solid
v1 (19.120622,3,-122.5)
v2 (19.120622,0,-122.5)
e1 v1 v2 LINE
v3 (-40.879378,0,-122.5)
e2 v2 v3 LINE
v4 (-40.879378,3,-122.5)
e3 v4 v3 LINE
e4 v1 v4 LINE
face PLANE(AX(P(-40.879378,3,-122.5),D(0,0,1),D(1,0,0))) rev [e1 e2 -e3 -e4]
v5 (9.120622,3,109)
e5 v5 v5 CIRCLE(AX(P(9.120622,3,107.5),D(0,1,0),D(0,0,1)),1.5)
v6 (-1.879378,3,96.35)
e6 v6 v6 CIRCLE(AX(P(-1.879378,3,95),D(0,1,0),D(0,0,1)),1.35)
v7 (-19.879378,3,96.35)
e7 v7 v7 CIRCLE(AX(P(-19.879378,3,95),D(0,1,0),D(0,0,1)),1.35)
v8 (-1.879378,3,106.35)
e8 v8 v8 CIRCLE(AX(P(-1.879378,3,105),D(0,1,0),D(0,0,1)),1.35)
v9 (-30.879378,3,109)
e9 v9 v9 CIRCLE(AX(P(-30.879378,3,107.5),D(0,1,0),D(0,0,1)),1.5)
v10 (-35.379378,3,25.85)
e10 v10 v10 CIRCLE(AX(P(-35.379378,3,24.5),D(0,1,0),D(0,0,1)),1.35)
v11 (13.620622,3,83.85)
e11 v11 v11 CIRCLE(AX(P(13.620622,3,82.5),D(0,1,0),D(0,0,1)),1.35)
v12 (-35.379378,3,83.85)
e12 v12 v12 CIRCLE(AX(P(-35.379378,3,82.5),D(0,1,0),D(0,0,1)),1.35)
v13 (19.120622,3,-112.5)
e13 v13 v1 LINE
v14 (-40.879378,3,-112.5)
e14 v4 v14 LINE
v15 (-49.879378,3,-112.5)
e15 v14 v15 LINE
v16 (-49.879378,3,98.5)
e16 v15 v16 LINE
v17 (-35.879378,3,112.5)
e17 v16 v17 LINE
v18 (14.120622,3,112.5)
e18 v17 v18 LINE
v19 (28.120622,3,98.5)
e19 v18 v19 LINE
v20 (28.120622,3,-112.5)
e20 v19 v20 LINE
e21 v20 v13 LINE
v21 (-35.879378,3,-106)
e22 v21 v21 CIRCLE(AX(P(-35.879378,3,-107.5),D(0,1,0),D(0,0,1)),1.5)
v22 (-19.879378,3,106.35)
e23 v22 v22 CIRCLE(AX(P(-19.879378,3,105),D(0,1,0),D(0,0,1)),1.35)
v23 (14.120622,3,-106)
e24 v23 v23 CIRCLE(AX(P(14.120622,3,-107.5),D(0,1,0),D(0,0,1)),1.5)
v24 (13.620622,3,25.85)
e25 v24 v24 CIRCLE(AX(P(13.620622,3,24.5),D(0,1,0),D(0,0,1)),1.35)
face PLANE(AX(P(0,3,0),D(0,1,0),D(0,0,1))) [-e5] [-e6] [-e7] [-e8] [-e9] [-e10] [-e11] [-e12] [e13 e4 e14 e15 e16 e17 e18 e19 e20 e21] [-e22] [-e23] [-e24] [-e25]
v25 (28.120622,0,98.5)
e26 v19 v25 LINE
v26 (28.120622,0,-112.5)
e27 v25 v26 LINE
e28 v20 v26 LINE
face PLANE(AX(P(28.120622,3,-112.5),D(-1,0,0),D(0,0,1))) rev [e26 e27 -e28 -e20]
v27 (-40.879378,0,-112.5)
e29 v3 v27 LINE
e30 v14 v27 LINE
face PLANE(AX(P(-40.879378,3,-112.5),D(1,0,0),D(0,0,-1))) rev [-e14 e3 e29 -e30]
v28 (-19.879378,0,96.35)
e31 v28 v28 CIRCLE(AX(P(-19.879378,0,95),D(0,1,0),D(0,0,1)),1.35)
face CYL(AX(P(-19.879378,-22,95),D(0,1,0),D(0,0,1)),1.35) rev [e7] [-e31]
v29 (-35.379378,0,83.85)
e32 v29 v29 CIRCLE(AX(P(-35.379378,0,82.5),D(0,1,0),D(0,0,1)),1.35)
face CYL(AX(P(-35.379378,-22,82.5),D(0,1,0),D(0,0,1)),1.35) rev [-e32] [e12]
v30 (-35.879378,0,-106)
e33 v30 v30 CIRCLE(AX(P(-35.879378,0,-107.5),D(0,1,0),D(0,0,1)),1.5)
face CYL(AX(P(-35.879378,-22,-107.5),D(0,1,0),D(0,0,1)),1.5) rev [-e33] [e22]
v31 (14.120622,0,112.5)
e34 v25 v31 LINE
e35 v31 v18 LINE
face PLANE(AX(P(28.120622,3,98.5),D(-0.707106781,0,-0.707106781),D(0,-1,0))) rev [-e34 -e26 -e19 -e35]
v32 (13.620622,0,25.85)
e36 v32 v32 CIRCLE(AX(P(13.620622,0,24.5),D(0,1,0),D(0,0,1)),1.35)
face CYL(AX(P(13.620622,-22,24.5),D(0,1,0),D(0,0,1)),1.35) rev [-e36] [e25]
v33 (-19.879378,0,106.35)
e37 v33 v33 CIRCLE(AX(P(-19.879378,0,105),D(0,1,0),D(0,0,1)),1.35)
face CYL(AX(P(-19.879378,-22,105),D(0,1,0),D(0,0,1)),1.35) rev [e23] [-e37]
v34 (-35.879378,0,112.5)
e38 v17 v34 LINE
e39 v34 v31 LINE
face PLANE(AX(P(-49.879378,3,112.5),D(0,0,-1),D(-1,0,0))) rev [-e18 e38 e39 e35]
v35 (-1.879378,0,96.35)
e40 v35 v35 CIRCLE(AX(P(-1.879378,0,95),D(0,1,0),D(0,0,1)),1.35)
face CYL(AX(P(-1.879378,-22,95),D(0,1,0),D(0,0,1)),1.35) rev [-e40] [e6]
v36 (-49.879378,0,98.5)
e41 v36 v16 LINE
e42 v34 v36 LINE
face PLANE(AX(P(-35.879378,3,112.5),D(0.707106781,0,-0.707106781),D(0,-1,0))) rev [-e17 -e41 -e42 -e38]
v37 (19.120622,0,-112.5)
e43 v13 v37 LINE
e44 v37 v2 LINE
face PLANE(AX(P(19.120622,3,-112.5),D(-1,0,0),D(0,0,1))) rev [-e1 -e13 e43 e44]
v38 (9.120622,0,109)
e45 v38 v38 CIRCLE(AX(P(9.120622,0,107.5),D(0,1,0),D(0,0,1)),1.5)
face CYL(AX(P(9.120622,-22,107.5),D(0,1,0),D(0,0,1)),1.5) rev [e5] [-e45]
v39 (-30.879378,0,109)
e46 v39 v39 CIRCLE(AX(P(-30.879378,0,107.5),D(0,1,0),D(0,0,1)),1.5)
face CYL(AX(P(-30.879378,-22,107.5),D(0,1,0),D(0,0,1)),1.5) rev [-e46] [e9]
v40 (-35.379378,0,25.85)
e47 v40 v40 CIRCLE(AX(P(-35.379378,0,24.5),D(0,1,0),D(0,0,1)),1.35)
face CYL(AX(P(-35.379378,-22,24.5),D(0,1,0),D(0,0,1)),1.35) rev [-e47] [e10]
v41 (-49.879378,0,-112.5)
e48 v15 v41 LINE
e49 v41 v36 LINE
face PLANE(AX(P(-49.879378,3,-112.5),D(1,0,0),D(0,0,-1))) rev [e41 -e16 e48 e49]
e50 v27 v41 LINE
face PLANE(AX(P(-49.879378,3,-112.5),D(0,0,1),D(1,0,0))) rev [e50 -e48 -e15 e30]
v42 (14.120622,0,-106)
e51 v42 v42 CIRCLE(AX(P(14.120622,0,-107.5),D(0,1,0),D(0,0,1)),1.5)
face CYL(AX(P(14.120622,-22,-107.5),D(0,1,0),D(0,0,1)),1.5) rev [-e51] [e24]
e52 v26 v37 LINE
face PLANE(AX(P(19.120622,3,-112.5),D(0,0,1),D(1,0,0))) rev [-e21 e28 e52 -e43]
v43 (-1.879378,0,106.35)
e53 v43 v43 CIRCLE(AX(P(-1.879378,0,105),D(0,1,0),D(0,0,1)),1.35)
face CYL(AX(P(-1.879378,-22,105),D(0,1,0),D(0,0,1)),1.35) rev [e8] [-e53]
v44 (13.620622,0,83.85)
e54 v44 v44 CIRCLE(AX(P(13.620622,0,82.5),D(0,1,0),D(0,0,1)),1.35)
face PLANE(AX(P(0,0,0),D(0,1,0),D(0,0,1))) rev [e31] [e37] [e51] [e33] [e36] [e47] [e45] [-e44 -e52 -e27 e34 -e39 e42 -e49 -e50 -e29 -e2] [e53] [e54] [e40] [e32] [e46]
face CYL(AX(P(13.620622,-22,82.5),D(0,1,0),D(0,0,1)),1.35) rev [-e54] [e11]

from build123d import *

# Parameters (mm, degrees)
BOSS_EXTRUDE1_DEPTH = 3
SKETCH2_R           = 1.5
SKETCH2_R_2         = 1.35
CUT_EXTRUDE1_DEPTH  = 25
CHAMFER1_SIZE       = 14


with BuildPart() as part:
    # Sketch1 → Boss-Extrude1 (new body)
    with BuildSketch(Plane(origin=(0, 0, 0), x_dir=(1, 0, 0), z_dir=(0, 1, 0))):
        Polygon((19.120621977, 112.5), (28.120621977, 112.5), (28.120621977, -112.5), (-49.879378023, -112.5), (-49.879378023, 112.5), (-40.879378023, 112.5), (-40.879378023, 122.5), (19.120621977, 122.5), align=None)
    extrude(amount=BOSS_EXTRUDE1_DEPTH)

    # Sketch2 → Cut-Extrude1 (cut)
    with BuildSketch(Plane(origin=(0, 3, 0), x_dir=(1, 0, 0), z_dir=(0, 1, 0))):
        with Locations(Location((14.120621977, 107.5, 0), (0, 0, 270))):
            Circle(SKETCH2_R)
        with Locations(Location((-35.879378023, 107.5, 0), (0, 0, 270))):
            Circle(SKETCH2_R)
        with Locations(Location((-30.879378023, -107.5, 0), (0, 0, 270))):
            Circle(SKETCH2_R)
        with Locations(Location((9.120621977, -107.5, 0), (0, 0, 270))):
            Circle(SKETCH2_R)
        with Locations(Location((-35.379378023, -82.5, 0), (0, 0, 270))):
            Circle(SKETCH2_R_2)
        with Locations(Location((13.620621977, -82.5, 0), (0, 0, 270))):
            Circle(SKETCH2_R_2)
        with Locations(Location((-35.379378023, -24.5, 0), (0, 0, 270))):
            Circle(SKETCH2_R_2)
        with Locations(Location((13.620621977, -24.5, 0), (0, 0, 270))):
            Circle(SKETCH2_R_2)
        with Locations(Location((-19.879378023, -105, 0), (0, 0, 270))):
            Circle(SKETCH2_R_2)
        with Locations(Location((-1.879378023, -105, 0), (0, 0, 270))):
            Circle(SKETCH2_R_2)
        with Locations(Location((-19.879378023, -95, 0), (0, 0, 270))):
            Circle(SKETCH2_R_2)
        with Locations(Location((-1.879378023, -95, 0), (0, 0, 270))):
            Circle(SKETCH2_R_2)
    extrude(amount=-CUT_EXTRUDE1_DEPTH, mode=Mode.SUBTRACT)

    # Chamfer1
    chamfer1_edges = [part.edges().sort_by_distance(p)[0] for p in [
        (28.120621977, 1.5, 112.5),
        (-49.879378023, 1.5, 112.5),
    ]]
    chamfer(chamfer1_edges, length=CHAMFER1_SIZE)


solid = part.part
